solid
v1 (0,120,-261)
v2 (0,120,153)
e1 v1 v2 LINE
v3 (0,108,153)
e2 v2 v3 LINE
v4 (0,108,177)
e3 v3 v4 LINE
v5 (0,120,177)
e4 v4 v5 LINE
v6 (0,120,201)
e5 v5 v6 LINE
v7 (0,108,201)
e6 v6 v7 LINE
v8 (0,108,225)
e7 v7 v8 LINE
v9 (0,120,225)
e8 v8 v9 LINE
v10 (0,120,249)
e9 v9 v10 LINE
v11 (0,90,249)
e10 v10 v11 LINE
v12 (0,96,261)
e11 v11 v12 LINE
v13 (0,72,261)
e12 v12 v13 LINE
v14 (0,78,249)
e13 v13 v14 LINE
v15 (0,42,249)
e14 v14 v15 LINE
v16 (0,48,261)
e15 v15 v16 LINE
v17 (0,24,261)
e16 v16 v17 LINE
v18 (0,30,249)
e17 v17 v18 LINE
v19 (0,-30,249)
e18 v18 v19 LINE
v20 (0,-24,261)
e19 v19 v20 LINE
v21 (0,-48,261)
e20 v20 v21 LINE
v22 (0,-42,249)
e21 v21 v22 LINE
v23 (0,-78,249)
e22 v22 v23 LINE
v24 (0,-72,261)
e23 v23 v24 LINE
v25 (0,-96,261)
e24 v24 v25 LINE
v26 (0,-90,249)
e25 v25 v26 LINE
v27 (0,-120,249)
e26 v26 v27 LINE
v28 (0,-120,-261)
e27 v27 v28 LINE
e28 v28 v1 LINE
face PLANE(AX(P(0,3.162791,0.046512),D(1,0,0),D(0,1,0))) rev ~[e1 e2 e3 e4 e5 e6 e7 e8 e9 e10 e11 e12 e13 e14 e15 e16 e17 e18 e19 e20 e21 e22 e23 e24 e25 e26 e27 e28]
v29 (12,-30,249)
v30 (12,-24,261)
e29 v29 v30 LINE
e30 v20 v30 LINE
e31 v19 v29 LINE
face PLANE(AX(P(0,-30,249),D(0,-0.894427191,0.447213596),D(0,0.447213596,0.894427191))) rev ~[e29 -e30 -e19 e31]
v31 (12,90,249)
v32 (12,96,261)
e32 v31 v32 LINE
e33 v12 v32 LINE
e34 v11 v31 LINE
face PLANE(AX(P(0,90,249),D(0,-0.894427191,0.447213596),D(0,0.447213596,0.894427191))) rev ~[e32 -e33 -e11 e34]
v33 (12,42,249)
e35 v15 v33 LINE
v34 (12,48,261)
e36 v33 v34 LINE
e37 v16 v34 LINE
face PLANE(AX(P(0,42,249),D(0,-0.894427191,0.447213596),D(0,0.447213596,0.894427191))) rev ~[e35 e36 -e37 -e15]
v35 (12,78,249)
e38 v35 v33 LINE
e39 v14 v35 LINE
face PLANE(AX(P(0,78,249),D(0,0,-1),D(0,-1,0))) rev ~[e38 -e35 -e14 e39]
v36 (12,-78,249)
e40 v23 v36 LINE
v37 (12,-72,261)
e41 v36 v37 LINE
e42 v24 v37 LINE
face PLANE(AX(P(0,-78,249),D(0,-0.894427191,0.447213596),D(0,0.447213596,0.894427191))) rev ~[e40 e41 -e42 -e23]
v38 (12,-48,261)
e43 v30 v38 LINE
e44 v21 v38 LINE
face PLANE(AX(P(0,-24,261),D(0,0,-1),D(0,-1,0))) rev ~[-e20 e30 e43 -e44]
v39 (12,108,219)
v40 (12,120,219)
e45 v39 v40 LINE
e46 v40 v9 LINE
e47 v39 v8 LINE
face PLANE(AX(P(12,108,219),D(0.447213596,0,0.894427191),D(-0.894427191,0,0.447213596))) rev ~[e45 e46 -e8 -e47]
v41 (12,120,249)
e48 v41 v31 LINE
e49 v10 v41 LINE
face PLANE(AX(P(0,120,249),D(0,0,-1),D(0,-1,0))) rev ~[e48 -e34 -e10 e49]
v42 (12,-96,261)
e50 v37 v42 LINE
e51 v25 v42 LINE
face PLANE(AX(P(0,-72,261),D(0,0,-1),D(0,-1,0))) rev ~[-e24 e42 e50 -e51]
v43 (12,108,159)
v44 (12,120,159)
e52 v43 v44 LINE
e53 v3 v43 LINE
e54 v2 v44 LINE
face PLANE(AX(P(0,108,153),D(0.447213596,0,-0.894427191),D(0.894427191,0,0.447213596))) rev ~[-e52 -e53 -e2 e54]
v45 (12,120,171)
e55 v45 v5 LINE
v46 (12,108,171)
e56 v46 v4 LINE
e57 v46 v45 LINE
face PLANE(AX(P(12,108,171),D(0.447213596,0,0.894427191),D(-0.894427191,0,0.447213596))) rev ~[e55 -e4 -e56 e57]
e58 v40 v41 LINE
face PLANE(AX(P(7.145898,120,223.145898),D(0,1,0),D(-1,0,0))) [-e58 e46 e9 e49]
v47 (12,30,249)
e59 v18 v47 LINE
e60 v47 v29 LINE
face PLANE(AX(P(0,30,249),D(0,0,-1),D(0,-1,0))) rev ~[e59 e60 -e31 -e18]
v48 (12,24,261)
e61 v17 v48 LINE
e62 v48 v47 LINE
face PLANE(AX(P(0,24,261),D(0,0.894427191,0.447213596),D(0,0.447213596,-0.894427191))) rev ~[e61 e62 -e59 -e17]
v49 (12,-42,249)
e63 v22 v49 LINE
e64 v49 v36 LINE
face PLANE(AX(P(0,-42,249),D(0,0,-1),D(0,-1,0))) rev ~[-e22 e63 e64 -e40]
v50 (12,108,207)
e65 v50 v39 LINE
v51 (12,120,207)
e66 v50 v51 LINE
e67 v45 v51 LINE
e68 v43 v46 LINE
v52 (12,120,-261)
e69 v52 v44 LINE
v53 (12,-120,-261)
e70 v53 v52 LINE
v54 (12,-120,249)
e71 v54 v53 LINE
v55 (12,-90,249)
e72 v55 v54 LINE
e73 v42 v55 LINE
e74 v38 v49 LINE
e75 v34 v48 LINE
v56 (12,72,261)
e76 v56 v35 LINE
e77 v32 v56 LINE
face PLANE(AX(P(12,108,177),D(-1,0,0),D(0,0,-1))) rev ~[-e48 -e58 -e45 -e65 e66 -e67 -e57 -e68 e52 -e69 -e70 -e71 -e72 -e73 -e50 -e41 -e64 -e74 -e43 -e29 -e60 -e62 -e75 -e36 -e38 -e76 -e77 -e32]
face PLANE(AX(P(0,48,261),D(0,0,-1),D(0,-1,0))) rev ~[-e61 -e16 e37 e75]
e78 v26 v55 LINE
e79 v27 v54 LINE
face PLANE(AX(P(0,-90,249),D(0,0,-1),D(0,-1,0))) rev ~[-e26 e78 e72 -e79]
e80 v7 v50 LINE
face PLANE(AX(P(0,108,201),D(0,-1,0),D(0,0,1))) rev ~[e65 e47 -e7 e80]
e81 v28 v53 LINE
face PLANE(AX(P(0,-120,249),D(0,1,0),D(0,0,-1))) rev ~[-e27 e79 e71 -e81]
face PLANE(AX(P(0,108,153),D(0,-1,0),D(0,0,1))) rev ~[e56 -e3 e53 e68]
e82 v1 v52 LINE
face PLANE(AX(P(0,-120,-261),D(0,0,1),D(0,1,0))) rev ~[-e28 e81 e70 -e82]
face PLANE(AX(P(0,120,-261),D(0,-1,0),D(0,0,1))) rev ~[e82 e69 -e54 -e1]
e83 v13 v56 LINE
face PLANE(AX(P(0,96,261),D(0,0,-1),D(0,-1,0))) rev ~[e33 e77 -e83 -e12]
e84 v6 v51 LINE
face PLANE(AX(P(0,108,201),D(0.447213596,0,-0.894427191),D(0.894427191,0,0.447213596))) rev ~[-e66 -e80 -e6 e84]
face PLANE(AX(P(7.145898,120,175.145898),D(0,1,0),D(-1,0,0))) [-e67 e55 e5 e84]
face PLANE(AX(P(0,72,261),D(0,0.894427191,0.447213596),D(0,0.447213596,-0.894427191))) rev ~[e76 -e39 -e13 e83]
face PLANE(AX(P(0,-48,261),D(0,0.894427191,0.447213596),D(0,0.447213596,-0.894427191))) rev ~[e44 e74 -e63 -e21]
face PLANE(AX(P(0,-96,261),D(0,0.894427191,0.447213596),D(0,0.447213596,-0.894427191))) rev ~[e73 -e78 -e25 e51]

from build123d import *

# Parameters (mm, degrees)
F1_DEPTH = 12
F3_DEPTH = 12
F5_DEPTH = 12


with BuildPart() as f1:
    # F0 (on Right) → F1 (new body)
    with BuildSketch(Plane.YZ):
        Polygon((120, 225), (120, 249), (96, 249), (90, 249), (78, 249), (72, 249), (48, 249), (42, 249), (30, 249), (24, 249), (-24, 249), (-30, 249), (-42, 249), (-48, 249), (-72, 249), (-78, 249), (-90, 249), (-96, 249), (-120, 249), (-120, -261), (120, -261), (120, 153), (108, 153), (108, 177), (120, 177), (120, 201), (108, 201), (108, 225), align=None)
        Polygon((-78, 249), (-72, 261), (-96, 261), (-90, 249), align=None)
        Polygon((-30, 249), (-24, 261), (-48, 261), (-42, 249), align=None)
        Polygon((42, 249), (48, 261), (24, 261), (30, 249), align=None)
        Polygon((90, 249), (96, 261), (72, 261), (78, 249), align=None)
    extrude(amount=F1_DEPTH)

    # F2 (on face) → F3 (join)
    with BuildSketch(Plane(origin=(0, 108, 0), x_dir=(-1, 0, 0), z_dir=(0, 1, 0))):
        Polygon((-12, 219), (0, 225), (-12, 225), align=None)
        Polygon((-12, 201), (0, 201), (-12, 207), align=None)
    extrude(amount=F3_DEPTH)

    # F4 (on face) → F5 (join)
    with BuildSketch(Plane(origin=(0, 108, 0), x_dir=(-1, 0, 0), z_dir=(0, 1, 0))):
        Polygon((-12, 171), (0, 177), (-12, 177), align=None)
        Polygon((-12, 153), (0, 153), (-12, 159), align=None)
    extrude(amount=F5_DEPTH)


solid = f1.part
